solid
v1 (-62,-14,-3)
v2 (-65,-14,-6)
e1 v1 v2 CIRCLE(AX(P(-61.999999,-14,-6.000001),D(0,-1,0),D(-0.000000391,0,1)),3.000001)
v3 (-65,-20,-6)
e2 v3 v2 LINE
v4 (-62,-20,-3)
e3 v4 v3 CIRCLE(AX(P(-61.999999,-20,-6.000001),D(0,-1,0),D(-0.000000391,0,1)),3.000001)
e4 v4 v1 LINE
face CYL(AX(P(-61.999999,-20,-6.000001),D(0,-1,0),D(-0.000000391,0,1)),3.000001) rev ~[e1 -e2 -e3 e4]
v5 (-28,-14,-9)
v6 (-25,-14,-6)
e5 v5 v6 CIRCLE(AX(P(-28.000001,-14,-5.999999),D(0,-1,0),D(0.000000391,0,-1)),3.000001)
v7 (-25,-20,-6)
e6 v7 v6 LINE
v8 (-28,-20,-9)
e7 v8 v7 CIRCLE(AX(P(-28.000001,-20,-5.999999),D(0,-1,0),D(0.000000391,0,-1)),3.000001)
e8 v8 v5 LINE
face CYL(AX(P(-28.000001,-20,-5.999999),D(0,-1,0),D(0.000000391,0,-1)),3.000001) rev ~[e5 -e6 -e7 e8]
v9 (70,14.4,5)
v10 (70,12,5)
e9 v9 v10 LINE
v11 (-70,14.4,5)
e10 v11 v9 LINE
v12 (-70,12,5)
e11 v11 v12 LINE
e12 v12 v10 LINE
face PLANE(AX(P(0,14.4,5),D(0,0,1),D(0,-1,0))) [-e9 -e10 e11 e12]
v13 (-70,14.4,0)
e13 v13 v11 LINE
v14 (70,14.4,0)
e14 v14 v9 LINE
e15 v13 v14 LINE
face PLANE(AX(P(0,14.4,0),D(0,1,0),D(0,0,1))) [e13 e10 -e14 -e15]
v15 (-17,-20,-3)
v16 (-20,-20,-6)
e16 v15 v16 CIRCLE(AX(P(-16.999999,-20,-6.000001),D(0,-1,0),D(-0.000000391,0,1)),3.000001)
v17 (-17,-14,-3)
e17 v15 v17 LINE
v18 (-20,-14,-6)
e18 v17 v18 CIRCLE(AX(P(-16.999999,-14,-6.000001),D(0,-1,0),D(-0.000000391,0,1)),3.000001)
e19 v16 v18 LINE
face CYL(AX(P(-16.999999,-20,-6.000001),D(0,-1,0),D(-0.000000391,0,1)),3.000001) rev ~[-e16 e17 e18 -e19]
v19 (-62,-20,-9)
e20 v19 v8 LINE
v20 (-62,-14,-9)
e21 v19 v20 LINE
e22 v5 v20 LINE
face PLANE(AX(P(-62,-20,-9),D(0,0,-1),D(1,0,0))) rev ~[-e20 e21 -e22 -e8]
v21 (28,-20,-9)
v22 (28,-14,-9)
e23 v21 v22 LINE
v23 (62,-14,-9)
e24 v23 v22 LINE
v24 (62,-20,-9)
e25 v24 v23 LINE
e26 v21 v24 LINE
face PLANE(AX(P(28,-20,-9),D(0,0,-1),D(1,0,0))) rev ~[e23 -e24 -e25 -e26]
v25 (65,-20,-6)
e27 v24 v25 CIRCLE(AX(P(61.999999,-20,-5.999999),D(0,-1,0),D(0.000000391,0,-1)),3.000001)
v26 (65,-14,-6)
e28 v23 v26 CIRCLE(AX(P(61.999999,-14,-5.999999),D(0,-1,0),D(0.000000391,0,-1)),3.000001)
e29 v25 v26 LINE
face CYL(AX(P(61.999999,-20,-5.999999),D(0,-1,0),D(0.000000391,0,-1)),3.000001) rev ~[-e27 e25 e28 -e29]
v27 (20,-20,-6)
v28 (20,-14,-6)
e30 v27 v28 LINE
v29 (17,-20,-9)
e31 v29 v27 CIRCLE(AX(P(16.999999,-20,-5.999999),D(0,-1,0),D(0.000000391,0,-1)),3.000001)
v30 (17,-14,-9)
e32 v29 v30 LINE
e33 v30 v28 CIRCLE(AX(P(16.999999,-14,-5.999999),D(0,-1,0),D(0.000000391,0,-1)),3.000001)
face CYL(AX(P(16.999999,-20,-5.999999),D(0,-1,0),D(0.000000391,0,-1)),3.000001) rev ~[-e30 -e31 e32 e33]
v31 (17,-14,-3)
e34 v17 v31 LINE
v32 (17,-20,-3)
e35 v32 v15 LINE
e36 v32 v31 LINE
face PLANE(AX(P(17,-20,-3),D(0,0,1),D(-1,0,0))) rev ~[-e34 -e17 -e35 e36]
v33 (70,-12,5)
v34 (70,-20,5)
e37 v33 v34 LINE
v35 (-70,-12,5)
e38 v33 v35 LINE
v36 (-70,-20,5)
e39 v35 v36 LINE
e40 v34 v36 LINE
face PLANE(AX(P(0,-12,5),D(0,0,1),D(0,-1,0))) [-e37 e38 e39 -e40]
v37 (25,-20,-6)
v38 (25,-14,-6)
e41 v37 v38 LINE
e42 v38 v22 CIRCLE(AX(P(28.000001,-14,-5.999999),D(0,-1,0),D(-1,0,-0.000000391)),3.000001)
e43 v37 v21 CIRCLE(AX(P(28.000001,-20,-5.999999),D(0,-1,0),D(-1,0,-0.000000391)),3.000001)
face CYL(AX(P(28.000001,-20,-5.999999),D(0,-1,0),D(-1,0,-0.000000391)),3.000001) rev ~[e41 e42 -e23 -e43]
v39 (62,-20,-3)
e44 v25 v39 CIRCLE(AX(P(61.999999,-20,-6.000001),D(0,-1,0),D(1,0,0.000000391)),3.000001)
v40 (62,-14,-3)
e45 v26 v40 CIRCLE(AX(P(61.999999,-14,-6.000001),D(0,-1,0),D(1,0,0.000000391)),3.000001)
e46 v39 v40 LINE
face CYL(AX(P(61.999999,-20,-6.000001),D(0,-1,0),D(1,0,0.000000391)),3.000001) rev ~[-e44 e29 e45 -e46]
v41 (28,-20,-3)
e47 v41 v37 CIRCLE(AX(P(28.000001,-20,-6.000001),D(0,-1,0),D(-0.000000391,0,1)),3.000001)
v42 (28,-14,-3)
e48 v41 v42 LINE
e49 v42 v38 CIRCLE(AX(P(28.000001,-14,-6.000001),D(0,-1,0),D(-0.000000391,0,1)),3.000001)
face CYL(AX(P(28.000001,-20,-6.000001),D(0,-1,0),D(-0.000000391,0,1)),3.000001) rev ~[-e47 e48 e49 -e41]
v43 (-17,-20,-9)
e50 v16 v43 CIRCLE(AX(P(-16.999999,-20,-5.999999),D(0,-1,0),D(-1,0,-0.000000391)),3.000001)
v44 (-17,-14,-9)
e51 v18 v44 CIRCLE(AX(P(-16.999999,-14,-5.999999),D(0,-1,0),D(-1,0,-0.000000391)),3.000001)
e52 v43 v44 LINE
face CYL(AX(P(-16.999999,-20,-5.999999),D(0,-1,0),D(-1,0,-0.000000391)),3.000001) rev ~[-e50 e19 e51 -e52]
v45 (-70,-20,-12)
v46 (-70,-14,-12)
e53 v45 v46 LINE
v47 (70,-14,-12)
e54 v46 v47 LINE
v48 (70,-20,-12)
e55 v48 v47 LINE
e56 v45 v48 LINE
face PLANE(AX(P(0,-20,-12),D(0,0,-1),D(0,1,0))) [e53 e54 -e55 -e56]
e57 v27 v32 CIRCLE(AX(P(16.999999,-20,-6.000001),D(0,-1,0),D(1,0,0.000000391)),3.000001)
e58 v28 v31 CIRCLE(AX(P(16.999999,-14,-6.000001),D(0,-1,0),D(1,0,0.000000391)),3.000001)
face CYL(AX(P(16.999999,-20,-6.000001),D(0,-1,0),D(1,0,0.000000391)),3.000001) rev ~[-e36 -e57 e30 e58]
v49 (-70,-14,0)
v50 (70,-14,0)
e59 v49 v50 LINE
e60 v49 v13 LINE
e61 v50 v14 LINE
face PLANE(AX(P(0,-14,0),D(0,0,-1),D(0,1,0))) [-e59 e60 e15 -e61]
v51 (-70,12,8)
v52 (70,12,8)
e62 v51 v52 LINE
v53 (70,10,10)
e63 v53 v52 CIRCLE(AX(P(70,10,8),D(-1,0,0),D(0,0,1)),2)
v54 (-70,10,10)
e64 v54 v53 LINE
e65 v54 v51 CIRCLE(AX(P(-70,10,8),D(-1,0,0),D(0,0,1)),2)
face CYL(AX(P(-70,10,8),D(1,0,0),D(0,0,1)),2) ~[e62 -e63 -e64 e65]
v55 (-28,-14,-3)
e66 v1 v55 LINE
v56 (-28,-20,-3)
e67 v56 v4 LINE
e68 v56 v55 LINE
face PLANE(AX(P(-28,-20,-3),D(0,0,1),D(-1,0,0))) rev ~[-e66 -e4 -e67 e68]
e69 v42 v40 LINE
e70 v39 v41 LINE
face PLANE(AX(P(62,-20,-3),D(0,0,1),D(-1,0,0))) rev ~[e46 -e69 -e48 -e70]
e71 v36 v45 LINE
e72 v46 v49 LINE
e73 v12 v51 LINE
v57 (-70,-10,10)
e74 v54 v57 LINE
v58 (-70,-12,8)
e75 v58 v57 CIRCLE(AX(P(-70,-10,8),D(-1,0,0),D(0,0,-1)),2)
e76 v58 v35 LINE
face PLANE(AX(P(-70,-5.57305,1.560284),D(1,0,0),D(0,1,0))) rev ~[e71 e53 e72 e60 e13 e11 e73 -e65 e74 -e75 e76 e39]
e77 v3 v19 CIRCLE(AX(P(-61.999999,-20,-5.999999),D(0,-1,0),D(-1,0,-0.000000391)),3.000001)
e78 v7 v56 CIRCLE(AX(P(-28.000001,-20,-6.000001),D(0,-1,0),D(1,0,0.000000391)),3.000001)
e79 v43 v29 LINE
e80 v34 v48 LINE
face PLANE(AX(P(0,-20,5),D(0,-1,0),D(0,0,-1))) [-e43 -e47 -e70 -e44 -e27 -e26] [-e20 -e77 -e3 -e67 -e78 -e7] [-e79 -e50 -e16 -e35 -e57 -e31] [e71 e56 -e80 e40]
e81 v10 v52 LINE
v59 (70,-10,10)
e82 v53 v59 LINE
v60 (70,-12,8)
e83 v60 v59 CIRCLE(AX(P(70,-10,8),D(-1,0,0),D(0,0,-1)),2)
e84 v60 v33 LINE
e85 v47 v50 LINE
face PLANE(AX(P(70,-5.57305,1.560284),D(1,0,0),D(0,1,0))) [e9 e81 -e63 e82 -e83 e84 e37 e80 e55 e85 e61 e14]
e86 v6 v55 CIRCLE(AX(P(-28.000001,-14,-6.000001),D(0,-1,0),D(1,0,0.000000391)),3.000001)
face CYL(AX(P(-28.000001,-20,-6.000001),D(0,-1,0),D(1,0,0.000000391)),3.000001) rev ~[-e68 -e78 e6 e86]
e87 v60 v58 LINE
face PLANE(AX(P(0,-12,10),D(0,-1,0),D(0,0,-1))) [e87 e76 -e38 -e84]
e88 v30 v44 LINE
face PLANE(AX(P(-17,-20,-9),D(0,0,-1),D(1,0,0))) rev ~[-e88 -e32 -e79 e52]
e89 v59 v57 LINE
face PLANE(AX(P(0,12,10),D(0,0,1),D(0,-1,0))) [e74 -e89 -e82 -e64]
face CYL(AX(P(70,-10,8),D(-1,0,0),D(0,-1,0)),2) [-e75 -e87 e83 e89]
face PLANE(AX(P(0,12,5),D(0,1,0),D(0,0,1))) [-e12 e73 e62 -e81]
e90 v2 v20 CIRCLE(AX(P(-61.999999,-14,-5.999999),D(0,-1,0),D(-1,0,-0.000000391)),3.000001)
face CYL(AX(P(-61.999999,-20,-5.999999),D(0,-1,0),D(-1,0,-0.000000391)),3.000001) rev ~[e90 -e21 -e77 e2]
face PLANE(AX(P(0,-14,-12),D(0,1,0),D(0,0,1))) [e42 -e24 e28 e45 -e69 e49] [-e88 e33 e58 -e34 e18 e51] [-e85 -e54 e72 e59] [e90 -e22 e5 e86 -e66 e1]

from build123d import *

# Parameters (mm, degrees)
F1_DEPTH = 70
F2_R     = 2
F4_DEPTH = 25


with BuildPart() as f1:
    # F0 (on Right) → F1 (new body, symmetric)
    with BuildSketch(Plane.YZ):
        Polygon((-20, 5), (-20, -12), (-14, -12), (-14, 0), (14.4, 0), (14.4, 5), (12, 5), (12, 10), (-12, 10), (-12, 5), align=None)
    extrude(amount=F1_DEPTH, both=True)

    # F2
    f2_edges = [f1.edges().sort_by_distance(p)[0] for p in [
        (0, -12, 10),
        (0, 12, 10),
    ]]
    fillet(f2_edges, radius=F2_R)

    # F3 (on face) → F4 (cut)
    with BuildSketch(Plane.XZ.offset(20)):
        with BuildLine():
            Line((-28, -3), (-62, -3))
            ThreePointArc((-62, -3), (-64.12132, -3.87868), (-65, -6))
            ThreePointArc((-65, -6), (-64.12132, -8.12132), (-62, -9))
            Line((-62, -9), (-28, -9))
            ThreePointArc((-28, -9), (-25.87868, -8.12132), (-25, -6))
            ThreePointArc((-25, -6), (-25.87868, -3.87868), (-28, -3))
        make_face()
        with BuildLine():
            Line((17, -3), (-17, -3))
            ThreePointArc((-17, -3), (-19.12132, -3.87868), (-20, -6))
            ThreePointArc((-20, -6), (-19.12132, -8.12132), (-17, -9))
            Line((-17, -9), (17, -9))
            ThreePointArc((17, -9), (19.12132, -8.12132), (20, -6))
            ThreePointArc((20, -6), (19.12132, -3.87868), (17, -3))
        make_face()
        with BuildLine():
            Line((62, -3), (28, -3))
            ThreePointArc((28, -3), (25.87868, -3.87868), (25, -6))
            ThreePointArc((25, -6), (25.87868, -8.12132), (28, -9))
            Line((28, -9), (62, -9))
            ThreePointArc((62, -9), (64.12132, -8.12132), (65, -6))
            ThreePointArc((65, -6), (64.12132, -3.87868), (62, -3))
        make_face()
    extrude(amount=-F4_DEPTH, mode=Mode.SUBTRACT)


solid = f1.part
